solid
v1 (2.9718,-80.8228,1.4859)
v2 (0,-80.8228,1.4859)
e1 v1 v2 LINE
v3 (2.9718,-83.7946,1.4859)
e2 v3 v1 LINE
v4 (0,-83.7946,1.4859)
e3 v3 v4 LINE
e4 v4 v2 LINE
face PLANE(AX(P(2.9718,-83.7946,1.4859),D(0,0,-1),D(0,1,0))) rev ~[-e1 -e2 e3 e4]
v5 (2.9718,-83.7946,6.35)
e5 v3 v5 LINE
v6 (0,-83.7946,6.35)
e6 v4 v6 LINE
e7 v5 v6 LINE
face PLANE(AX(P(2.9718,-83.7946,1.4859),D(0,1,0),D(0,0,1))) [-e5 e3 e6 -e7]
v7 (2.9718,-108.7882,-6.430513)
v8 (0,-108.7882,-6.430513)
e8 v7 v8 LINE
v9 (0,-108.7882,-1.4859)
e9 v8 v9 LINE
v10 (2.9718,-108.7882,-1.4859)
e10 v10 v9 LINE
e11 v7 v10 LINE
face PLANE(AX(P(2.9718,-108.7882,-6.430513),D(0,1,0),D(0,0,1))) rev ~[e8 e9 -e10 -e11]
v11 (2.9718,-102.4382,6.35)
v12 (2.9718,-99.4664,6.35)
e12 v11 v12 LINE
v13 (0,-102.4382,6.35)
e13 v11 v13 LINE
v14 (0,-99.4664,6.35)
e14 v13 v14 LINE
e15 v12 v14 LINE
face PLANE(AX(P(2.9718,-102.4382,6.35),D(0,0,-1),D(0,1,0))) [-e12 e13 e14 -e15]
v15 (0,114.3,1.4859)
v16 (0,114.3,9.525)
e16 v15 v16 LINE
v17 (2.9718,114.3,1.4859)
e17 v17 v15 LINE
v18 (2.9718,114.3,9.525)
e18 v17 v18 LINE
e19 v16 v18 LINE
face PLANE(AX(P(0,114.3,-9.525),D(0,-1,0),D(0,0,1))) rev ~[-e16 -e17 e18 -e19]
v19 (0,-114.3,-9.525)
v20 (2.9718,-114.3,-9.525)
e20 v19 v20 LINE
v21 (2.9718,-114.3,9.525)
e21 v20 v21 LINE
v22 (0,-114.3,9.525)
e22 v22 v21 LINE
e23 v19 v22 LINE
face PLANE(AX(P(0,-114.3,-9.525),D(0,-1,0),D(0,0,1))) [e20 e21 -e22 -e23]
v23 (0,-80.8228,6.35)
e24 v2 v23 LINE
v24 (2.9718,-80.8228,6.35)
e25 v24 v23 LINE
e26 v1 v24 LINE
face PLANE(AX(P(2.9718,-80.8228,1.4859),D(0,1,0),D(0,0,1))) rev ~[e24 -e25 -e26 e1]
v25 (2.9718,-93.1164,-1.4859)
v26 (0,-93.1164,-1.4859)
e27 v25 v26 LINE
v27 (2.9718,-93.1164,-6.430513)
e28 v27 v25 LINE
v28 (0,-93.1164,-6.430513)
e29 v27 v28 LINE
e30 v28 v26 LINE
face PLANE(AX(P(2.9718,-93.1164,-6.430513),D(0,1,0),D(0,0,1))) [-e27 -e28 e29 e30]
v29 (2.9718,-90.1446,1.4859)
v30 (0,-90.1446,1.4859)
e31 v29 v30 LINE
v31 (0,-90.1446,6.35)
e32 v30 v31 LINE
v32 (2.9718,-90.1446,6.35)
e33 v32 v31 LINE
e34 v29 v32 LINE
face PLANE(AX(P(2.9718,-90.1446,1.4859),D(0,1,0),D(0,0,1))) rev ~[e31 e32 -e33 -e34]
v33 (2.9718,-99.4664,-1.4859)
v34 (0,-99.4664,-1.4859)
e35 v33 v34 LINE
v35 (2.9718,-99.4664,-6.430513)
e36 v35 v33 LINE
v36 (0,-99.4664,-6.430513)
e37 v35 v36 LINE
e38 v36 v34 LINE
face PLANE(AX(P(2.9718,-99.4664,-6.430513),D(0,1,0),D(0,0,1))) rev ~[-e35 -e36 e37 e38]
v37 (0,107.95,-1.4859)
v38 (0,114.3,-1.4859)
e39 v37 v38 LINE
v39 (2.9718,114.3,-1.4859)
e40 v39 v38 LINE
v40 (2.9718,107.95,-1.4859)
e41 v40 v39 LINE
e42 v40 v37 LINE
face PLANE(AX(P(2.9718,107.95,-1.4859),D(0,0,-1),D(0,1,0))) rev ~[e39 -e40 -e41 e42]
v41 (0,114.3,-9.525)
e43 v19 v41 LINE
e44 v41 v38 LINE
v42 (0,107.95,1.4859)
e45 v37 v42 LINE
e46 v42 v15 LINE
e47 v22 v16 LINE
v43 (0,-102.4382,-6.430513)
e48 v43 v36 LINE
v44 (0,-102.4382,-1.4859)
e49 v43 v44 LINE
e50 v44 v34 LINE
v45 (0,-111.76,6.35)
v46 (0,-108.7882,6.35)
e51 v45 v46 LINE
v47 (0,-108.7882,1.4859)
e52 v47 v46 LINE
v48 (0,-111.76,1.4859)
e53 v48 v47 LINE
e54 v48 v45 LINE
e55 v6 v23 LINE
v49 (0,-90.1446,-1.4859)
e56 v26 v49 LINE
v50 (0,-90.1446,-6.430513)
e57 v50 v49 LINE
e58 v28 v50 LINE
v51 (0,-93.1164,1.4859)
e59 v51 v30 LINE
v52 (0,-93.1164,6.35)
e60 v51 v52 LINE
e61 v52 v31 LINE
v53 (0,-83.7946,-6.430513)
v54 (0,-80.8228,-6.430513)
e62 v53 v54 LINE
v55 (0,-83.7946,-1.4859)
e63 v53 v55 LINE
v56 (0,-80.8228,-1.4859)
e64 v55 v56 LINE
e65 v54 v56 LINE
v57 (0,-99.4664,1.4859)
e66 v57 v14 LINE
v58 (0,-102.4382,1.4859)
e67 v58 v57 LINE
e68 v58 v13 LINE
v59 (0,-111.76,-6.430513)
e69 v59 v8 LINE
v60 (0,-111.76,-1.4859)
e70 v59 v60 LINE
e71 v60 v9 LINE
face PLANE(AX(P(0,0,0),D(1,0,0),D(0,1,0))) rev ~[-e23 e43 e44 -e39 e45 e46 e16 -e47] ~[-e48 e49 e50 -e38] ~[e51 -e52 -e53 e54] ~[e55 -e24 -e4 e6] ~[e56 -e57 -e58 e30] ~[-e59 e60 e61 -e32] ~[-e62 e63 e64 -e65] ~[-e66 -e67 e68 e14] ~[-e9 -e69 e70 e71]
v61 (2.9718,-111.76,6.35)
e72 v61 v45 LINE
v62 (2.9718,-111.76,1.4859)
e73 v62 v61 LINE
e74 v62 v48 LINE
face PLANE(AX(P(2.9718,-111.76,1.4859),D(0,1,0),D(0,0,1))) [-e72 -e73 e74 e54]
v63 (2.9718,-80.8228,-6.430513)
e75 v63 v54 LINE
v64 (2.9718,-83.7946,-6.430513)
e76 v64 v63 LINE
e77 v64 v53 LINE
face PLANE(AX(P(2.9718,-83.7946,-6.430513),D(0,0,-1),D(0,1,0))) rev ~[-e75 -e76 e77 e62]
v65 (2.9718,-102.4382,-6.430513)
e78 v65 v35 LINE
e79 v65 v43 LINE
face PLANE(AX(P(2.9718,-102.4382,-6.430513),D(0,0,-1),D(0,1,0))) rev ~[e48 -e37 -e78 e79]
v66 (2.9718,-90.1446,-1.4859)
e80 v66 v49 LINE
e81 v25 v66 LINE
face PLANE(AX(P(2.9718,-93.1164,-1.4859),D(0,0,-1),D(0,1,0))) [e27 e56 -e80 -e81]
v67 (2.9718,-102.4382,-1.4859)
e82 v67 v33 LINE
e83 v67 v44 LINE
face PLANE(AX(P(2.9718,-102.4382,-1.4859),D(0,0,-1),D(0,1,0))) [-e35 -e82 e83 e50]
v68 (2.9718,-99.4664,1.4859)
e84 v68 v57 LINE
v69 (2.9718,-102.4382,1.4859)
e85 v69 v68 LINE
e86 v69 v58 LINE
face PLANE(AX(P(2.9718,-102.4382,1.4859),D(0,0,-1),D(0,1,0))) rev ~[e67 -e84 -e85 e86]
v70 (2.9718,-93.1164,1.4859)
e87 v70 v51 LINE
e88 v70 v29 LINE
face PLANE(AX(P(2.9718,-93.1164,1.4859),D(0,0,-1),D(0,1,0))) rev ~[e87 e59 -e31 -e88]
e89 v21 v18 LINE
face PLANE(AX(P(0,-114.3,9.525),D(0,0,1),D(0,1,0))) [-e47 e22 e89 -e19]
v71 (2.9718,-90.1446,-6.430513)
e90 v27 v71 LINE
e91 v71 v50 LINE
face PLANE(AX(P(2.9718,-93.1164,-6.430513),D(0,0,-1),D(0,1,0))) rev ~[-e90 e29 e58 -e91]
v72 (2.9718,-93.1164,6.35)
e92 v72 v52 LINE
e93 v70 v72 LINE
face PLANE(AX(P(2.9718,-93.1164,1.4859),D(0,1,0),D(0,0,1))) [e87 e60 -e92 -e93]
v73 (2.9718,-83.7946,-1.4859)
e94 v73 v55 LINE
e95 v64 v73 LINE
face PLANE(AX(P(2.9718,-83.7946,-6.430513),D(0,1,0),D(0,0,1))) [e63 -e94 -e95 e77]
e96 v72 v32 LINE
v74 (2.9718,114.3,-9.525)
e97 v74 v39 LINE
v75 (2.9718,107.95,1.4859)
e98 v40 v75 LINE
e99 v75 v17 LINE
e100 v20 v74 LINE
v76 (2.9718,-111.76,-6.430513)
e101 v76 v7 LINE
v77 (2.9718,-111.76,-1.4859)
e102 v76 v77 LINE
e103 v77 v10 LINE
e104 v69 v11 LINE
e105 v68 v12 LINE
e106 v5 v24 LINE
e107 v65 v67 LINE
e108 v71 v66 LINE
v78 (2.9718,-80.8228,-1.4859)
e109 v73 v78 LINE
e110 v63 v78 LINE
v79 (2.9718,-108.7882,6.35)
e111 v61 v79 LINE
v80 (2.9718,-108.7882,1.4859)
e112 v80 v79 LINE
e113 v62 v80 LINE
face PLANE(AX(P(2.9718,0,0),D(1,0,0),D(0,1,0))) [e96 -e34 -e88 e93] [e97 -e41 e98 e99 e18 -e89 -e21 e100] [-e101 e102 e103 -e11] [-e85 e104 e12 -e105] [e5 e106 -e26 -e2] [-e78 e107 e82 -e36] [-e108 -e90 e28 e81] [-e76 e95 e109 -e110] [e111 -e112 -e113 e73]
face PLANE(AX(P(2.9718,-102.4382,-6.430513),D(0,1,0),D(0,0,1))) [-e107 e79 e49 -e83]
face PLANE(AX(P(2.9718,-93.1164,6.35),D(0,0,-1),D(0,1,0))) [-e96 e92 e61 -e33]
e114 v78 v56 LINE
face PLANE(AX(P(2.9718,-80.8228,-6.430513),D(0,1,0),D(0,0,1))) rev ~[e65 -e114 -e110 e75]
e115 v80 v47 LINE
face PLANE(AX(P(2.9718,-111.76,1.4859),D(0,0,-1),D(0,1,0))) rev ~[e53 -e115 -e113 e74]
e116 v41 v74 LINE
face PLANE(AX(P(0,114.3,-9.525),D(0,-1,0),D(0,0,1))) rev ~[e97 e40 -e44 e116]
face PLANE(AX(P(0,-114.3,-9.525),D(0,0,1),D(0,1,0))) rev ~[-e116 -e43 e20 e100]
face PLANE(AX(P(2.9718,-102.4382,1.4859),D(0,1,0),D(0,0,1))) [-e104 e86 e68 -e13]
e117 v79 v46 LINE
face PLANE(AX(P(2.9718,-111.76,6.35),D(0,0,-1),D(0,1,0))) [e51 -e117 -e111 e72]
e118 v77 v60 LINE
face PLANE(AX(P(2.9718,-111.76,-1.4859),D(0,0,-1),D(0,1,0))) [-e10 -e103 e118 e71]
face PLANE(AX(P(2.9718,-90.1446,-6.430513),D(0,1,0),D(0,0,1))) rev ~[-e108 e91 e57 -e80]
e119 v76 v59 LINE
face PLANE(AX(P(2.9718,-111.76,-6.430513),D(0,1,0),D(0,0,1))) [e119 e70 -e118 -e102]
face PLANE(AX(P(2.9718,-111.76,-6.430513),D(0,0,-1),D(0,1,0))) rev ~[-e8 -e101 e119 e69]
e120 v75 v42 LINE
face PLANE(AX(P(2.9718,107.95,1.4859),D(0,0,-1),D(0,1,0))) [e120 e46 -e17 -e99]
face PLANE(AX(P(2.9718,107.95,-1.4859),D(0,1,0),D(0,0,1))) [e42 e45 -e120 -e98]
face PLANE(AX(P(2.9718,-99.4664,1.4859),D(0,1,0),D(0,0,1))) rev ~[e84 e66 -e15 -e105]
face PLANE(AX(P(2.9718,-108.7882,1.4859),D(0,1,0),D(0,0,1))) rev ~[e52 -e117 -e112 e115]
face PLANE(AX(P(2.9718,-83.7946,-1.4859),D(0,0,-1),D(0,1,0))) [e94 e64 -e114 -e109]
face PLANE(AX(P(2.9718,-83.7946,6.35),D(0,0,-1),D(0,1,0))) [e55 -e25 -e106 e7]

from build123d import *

# Parameters (mm, degrees)
SKETCH1_W           = 228.6
SKETCH1_H           = 19.05
BOSS_EXTRUDE1_DEPTH = 2.9718
SKETCH3_W           = 6.35
SKETCH3_H           = 2.9718
CUT_EXTRUDE1_DEPTH  = 115.734681854
SKETCH4_W           = 2.9718
SKETCH4_H           = 4.8641
SKETCH4_H_2         = 4.944612775
CUT_EXTRUDE2_DEPTH  = 115.734681854


with BuildPart() as part:
    # Sketch1 → Boss-Extrude1 (new body)
    with BuildSketch(Plane.YZ):
        Rectangle(SKETCH1_W, SKETCH1_H)
    extrude(amount=BOSS_EXTRUDE1_DEPTH)

    # Sketch3 → Cut-Extrude1 (cut, through all)
    with BuildSketch(Plane.YZ.offset(2.9718)):
        with Locations((111.125, 0)):
            Rectangle(SKETCH3_W, SKETCH3_H)
    extrude(amount=-CUT_EXTRUDE1_DEPTH, mode=Mode.SUBTRACT)

    # Sketch4 → Cut-Extrude2 (cut, through all)
    with BuildSketch(Plane.YZ.offset(2.9718)):
        with Locations((-100.9523, 3.91795)):
            Rectangle(SKETCH4_W, SKETCH4_H)
        with Locations((-110.2741, 3.91795)):
            Rectangle(SKETCH4_W, SKETCH4_H)
        with Locations((-110.2741, -3.958206388)):
            Rectangle(SKETCH4_W, SKETCH4_H_2)
        with Locations((-100.9523, -3.958206388)):
            Rectangle(SKETCH4_W, SKETCH4_H_2)
        with Locations((-91.6305, 3.91795)):
            Rectangle(SKETCH4_W, SKETCH4_H)
        with Locations((-91.6305, -3.958206388)):
            Rectangle(SKETCH4_W, SKETCH4_H_2)
        with Locations((-82.3087, 3.91795)):
            Rectangle(SKETCH4_W, SKETCH4_H)
        with Locations((-82.3087, -3.958206388)):
            Rectangle(SKETCH4_W, SKETCH4_H_2)
    extrude(amount=-CUT_EXTRUDE2_DEPTH, mode=Mode.SUBTRACT)


solid = part.part
